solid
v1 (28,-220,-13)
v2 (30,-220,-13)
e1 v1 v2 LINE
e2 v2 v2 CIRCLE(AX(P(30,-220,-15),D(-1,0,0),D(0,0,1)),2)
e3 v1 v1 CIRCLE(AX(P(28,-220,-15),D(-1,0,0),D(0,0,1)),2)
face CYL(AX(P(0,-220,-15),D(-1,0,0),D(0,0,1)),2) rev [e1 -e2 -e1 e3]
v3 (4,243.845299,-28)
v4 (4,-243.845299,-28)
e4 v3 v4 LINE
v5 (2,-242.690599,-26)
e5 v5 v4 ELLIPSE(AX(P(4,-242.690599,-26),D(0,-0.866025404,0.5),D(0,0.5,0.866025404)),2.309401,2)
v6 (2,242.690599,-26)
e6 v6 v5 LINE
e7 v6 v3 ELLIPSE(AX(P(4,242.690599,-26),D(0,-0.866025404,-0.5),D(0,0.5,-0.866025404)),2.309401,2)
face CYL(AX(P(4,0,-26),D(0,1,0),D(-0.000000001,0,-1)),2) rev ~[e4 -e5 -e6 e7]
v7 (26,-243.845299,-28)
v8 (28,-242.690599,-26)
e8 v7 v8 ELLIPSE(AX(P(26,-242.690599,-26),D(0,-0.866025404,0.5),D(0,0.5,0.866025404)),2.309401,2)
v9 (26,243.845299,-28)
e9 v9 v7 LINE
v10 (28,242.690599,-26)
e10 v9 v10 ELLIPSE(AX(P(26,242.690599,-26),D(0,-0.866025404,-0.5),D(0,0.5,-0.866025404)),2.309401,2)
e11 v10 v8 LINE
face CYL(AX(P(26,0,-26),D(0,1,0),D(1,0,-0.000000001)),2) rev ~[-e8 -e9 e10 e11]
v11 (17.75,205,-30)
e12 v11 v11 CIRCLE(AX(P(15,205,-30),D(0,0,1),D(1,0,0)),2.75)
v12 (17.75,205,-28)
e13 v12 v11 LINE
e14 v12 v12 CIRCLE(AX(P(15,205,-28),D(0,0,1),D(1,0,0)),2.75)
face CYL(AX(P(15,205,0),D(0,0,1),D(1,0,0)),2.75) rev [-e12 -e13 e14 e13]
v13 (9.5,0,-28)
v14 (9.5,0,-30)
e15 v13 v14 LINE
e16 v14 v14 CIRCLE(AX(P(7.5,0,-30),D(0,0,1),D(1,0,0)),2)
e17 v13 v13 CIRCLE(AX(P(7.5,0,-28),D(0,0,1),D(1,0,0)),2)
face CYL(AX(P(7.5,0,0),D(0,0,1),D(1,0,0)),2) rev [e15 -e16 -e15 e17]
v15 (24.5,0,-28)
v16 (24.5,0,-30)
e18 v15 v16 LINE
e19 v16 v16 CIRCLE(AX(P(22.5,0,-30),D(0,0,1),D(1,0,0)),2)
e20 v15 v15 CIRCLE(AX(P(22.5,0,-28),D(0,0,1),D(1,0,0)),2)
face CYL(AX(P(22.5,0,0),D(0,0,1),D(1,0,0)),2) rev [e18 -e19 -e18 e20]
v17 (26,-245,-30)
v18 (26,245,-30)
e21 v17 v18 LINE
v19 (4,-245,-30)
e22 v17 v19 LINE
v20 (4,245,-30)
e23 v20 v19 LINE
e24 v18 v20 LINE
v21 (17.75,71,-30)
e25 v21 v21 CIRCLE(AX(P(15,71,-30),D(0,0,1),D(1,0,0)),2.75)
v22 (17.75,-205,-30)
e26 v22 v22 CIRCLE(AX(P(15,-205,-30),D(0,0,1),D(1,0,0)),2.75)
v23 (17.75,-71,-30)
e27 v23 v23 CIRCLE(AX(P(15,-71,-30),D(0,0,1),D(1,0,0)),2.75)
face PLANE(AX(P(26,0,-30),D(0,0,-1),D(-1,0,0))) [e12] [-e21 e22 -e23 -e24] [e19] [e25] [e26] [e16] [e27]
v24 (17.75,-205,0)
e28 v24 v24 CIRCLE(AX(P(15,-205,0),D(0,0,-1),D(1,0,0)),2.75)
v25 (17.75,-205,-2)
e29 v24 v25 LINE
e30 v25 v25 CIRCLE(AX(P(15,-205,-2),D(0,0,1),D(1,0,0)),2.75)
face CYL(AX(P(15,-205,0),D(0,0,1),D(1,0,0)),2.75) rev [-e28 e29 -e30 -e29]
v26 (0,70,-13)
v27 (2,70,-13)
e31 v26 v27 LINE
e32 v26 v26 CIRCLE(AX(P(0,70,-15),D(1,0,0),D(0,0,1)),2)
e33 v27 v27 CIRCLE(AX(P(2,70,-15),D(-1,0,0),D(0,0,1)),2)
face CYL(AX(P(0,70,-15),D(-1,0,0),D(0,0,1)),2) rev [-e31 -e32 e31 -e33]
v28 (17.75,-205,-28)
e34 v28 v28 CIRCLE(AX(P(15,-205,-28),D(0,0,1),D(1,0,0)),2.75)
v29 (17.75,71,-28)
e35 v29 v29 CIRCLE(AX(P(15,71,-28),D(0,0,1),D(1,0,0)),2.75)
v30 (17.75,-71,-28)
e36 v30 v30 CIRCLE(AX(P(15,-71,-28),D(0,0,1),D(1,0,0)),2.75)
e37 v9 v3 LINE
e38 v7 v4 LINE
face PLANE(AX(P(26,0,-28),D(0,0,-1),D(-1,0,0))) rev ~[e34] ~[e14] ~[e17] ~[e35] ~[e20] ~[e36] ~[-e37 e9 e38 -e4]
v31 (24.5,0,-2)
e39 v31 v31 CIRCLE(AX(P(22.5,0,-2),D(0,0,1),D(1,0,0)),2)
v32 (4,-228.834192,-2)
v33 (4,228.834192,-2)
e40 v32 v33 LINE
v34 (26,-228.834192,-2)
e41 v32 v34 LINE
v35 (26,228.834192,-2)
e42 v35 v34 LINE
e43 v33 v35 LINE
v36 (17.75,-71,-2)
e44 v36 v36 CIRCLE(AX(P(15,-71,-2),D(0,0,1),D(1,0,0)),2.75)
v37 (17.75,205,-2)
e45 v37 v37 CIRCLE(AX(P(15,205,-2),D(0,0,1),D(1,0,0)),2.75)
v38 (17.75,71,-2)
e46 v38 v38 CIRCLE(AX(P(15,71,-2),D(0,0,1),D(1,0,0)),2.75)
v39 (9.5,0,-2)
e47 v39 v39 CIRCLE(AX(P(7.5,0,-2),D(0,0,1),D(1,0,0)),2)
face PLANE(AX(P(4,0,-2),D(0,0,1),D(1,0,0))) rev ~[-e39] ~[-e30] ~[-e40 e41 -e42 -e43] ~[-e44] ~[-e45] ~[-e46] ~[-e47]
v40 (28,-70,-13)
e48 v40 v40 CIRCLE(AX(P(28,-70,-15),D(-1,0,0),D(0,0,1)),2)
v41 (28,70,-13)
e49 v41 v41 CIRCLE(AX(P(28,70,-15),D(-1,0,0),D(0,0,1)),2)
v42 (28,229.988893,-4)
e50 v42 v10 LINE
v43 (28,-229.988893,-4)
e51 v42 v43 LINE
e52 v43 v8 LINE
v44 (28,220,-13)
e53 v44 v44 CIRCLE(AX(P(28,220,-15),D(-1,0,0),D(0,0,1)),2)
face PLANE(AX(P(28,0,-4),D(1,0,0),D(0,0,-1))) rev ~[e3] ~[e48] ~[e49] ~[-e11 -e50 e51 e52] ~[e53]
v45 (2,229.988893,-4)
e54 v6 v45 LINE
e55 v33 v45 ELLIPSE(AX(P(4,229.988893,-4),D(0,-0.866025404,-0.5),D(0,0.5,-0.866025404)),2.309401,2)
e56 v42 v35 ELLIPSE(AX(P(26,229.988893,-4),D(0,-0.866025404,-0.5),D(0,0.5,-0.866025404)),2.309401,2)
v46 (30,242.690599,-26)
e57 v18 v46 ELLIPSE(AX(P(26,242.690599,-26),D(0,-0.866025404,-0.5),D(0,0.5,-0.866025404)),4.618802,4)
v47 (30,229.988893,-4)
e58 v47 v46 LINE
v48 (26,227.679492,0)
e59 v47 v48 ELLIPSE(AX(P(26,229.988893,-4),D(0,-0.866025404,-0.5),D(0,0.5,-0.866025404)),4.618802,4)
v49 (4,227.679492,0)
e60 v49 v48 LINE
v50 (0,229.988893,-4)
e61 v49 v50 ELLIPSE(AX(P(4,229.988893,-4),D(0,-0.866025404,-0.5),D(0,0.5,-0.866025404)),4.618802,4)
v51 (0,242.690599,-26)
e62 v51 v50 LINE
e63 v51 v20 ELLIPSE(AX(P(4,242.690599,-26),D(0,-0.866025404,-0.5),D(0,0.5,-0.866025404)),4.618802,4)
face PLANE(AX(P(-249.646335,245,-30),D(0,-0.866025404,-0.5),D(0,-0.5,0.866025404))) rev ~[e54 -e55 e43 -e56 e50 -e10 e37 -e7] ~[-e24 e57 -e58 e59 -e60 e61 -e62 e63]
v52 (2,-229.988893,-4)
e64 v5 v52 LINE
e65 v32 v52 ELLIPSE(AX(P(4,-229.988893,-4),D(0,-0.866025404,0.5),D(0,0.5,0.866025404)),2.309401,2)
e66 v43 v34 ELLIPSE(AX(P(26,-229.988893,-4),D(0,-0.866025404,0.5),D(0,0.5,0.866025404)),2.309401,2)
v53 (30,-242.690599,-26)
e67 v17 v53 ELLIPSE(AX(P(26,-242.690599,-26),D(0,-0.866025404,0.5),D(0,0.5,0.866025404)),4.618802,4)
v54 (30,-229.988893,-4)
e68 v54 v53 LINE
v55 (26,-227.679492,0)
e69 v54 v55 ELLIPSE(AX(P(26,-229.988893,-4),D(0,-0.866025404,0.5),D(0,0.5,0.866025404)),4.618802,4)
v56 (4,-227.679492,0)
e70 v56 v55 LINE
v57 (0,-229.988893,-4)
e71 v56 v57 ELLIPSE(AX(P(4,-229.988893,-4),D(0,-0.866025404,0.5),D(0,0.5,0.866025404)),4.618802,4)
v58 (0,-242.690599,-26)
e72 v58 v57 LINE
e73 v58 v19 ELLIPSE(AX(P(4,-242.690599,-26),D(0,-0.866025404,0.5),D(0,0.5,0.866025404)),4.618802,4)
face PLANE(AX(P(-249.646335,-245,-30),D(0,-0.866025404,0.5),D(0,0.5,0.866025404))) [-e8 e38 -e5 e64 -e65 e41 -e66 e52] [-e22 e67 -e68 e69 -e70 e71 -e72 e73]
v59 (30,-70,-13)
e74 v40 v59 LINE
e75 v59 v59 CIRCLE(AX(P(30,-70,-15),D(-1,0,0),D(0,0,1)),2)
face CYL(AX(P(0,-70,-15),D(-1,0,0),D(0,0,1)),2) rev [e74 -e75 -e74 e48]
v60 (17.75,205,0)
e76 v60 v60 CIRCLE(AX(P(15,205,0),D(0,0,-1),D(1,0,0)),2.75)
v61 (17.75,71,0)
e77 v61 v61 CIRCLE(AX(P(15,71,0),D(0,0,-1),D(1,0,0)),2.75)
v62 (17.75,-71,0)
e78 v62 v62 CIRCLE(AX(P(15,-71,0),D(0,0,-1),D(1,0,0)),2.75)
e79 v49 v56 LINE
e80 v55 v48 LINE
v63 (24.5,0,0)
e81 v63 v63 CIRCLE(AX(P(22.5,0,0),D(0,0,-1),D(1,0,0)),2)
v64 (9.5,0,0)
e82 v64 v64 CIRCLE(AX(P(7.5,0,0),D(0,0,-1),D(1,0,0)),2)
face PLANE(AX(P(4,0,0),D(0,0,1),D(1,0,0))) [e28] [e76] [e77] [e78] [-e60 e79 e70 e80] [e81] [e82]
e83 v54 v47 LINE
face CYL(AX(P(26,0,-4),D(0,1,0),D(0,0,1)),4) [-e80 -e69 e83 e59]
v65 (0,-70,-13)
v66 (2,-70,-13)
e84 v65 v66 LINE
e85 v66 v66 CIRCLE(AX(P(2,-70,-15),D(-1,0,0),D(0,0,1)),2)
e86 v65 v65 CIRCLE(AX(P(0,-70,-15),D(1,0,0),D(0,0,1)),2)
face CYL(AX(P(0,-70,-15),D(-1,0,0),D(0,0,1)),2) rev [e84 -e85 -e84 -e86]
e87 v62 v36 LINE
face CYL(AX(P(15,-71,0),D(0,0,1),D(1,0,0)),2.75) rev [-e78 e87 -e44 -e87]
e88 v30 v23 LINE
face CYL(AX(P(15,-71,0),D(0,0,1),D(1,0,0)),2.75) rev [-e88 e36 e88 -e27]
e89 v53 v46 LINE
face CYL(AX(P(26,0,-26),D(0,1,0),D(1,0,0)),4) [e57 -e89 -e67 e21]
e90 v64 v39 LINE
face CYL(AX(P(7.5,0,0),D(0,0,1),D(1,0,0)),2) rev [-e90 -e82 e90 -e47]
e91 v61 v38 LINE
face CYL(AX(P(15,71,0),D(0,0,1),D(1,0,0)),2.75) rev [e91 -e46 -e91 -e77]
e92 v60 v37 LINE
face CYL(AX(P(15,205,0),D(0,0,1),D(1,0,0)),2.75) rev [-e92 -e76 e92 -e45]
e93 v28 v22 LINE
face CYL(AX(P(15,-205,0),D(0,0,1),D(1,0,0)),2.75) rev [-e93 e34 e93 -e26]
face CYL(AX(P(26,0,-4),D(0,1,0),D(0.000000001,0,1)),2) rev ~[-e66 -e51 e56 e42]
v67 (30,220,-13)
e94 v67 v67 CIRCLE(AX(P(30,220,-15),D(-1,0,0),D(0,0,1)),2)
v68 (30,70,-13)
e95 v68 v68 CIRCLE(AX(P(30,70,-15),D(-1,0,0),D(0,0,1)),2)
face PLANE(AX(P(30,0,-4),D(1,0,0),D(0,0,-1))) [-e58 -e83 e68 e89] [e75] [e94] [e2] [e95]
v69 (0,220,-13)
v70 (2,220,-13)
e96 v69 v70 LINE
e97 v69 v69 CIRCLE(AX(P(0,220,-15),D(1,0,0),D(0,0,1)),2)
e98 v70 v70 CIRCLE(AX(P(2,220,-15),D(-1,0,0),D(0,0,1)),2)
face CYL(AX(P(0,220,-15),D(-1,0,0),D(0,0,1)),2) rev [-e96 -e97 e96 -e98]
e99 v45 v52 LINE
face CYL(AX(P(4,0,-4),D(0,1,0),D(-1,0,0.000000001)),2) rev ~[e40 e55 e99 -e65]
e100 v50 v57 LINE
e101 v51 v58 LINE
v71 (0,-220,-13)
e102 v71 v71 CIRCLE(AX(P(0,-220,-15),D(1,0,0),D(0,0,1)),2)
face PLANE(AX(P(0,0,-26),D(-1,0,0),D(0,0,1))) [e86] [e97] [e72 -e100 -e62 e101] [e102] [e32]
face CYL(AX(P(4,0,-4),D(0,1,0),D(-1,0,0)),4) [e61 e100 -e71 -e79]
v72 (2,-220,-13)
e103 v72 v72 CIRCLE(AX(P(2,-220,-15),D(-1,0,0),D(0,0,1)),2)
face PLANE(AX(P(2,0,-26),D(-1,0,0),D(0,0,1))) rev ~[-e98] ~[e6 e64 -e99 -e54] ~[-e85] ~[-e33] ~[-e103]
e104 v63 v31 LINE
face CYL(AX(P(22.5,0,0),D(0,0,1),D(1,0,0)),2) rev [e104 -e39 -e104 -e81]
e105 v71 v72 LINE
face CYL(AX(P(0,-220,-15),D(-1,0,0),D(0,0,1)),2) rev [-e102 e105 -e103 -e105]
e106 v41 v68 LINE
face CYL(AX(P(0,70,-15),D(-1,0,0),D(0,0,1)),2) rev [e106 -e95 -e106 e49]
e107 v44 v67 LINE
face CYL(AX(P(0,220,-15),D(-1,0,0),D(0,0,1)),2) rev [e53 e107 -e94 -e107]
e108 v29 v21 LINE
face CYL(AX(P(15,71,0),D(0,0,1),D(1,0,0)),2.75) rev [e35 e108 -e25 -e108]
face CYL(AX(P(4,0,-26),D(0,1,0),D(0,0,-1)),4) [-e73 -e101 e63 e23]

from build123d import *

# Parameters (mm, degrees)
EXTRUDE_1_DEPTH          = 245
SKETCH_2_R               = 2
SKETCH_2_R_2             = 2.75
CUT_EXTRUDE_1_DEPTH      = 249.646335183
CUT_EXTRUDE_3_DEPTH      = 249.646335183
CUT_EXTRUDE_3_DEPTH_BACK = 249.646335183
SKETCH_4_R               = 2
CUT_EXTRUDE_4_DEPTH      = 249.646335183


with BuildPart() as part:
    # 草图1 → 凸台-拉伸1 (new, symmetric)
    with BuildSketch(Plane(origin=(0, 0, 0), x_dir=(1, 0, 0), z_dir=(0, 1, 0))):
        with BuildLine():
            Line((4, 0), (26, 0))
            ThreePointArc((26, 0), (28.828427125, 1.171572875), (30, 4))
            Line((30, 4), (30, 26))
            ThreePointArc((30, 26), (28.828427125, 28.828427125), (26, 30))
            Line((26, 30), (4, 30))
            ThreePointArc((4, 30), (1.171572875, 28.828427125), (0, 26))
            Line((0, 26), (0, 4))
            ThreePointArc((0, 4), (1.171572875, 1.171572875), (4, 0))
        make_face()
        with BuildLine():
            Line((4, 2), (26, 2))
            ThreePointArc((26, 2), (27.414213562, 2.585786438), (28, 4))
            Line((28, 4), (28, 26))
            ThreePointArc((28, 26), (27.414213562, 27.414213562), (26, 28))
            Line((26, 28), (4, 28))
            ThreePointArc((4, 28), (2.585786438, 27.414213562), (2, 26))
            Line((2, 26), (2, 4))
            ThreePointArc((2, 4), (2.585786438, 2.585786438), (4, 2))
        make_face(mode=Mode.SUBTRACT)
    extrude(amount=EXTRUDE_1_DEPTH, both=True)

    # 草图2 → 切除-拉伸1 (cut, through all)
    with BuildSketch(Plane(origin=(0, 0, 0), x_dir=(-1, 0, 0), z_dir=(0, 0, -1))):
        with Locations(Location((-22.5, 0, 0), (0, 0, 180))):
            Circle(SKETCH_2_R)
        with Locations(Location((-7.5, 0, 0), (0, 0, 180))):
            Circle(SKETCH_2_R)
        with Locations(Location((-15, 205, 0), (0, 0, 180))):
            Circle(SKETCH_2_R_2)
        with Locations(Location((-15, 71, 0), (0, 0, 180))):
            Circle(SKETCH_2_R_2)
        with Locations(Location((-15, -71, 0), (0, 0, 180))):
            Circle(SKETCH_2_R_2)
        with Locations(Location((-15, -205, 0), (0, 0, 180))):
            Circle(SKETCH_2_R_2)
    extrude(amount=CUT_EXTRUDE_1_DEPTH, mode=Mode.SUBTRACT)

    # 草图3 → 切除-拉伸3 (cut, two sides: drawn at the far end of the back side and taken through both)
    with BuildSketch(Plane(origin=(0, 0, 0), x_dir=(0, 0, -1), z_dir=(1, 0, 0)).offset(-CUT_EXTRUDE_3_DEPTH_BACK)):
        Polygon((30, 245), (0, 227.679491924), (0, 245), align=None)
        Polygon((0, -245), (30, -245), (0, -227.679491924), align=None)
    extrude(amount=CUT_EXTRUDE_3_DEPTH + CUT_EXTRUDE_3_DEPTH_BACK, mode=Mode.SUBTRACT)

    # 草图4 → 切除-拉伸4 (cut, through all)
    with BuildSketch(Plane(origin=(0, 0, 0), x_dir=(0, 0, -1), z_dir=(1, 0, 0))):
        with Locations(Location((15, 220, 0), (0, 0, 180))):
            Circle(SKETCH_4_R)
        with Locations(Location((15, 70, 0), (0, 0, 180))):
            Circle(SKETCH_4_R)
        with Locations(Location((15, -70, 0), (0, 0, 180))):
            Circle(SKETCH_4_R)
        with Locations(Location((15, -220, 0), (0, 0, 180))):
            Circle(SKETCH_4_R)
    extrude(amount=CUT_EXTRUDE_4_DEPTH, mode=Mode.SUBTRACT)


solid = part.part
